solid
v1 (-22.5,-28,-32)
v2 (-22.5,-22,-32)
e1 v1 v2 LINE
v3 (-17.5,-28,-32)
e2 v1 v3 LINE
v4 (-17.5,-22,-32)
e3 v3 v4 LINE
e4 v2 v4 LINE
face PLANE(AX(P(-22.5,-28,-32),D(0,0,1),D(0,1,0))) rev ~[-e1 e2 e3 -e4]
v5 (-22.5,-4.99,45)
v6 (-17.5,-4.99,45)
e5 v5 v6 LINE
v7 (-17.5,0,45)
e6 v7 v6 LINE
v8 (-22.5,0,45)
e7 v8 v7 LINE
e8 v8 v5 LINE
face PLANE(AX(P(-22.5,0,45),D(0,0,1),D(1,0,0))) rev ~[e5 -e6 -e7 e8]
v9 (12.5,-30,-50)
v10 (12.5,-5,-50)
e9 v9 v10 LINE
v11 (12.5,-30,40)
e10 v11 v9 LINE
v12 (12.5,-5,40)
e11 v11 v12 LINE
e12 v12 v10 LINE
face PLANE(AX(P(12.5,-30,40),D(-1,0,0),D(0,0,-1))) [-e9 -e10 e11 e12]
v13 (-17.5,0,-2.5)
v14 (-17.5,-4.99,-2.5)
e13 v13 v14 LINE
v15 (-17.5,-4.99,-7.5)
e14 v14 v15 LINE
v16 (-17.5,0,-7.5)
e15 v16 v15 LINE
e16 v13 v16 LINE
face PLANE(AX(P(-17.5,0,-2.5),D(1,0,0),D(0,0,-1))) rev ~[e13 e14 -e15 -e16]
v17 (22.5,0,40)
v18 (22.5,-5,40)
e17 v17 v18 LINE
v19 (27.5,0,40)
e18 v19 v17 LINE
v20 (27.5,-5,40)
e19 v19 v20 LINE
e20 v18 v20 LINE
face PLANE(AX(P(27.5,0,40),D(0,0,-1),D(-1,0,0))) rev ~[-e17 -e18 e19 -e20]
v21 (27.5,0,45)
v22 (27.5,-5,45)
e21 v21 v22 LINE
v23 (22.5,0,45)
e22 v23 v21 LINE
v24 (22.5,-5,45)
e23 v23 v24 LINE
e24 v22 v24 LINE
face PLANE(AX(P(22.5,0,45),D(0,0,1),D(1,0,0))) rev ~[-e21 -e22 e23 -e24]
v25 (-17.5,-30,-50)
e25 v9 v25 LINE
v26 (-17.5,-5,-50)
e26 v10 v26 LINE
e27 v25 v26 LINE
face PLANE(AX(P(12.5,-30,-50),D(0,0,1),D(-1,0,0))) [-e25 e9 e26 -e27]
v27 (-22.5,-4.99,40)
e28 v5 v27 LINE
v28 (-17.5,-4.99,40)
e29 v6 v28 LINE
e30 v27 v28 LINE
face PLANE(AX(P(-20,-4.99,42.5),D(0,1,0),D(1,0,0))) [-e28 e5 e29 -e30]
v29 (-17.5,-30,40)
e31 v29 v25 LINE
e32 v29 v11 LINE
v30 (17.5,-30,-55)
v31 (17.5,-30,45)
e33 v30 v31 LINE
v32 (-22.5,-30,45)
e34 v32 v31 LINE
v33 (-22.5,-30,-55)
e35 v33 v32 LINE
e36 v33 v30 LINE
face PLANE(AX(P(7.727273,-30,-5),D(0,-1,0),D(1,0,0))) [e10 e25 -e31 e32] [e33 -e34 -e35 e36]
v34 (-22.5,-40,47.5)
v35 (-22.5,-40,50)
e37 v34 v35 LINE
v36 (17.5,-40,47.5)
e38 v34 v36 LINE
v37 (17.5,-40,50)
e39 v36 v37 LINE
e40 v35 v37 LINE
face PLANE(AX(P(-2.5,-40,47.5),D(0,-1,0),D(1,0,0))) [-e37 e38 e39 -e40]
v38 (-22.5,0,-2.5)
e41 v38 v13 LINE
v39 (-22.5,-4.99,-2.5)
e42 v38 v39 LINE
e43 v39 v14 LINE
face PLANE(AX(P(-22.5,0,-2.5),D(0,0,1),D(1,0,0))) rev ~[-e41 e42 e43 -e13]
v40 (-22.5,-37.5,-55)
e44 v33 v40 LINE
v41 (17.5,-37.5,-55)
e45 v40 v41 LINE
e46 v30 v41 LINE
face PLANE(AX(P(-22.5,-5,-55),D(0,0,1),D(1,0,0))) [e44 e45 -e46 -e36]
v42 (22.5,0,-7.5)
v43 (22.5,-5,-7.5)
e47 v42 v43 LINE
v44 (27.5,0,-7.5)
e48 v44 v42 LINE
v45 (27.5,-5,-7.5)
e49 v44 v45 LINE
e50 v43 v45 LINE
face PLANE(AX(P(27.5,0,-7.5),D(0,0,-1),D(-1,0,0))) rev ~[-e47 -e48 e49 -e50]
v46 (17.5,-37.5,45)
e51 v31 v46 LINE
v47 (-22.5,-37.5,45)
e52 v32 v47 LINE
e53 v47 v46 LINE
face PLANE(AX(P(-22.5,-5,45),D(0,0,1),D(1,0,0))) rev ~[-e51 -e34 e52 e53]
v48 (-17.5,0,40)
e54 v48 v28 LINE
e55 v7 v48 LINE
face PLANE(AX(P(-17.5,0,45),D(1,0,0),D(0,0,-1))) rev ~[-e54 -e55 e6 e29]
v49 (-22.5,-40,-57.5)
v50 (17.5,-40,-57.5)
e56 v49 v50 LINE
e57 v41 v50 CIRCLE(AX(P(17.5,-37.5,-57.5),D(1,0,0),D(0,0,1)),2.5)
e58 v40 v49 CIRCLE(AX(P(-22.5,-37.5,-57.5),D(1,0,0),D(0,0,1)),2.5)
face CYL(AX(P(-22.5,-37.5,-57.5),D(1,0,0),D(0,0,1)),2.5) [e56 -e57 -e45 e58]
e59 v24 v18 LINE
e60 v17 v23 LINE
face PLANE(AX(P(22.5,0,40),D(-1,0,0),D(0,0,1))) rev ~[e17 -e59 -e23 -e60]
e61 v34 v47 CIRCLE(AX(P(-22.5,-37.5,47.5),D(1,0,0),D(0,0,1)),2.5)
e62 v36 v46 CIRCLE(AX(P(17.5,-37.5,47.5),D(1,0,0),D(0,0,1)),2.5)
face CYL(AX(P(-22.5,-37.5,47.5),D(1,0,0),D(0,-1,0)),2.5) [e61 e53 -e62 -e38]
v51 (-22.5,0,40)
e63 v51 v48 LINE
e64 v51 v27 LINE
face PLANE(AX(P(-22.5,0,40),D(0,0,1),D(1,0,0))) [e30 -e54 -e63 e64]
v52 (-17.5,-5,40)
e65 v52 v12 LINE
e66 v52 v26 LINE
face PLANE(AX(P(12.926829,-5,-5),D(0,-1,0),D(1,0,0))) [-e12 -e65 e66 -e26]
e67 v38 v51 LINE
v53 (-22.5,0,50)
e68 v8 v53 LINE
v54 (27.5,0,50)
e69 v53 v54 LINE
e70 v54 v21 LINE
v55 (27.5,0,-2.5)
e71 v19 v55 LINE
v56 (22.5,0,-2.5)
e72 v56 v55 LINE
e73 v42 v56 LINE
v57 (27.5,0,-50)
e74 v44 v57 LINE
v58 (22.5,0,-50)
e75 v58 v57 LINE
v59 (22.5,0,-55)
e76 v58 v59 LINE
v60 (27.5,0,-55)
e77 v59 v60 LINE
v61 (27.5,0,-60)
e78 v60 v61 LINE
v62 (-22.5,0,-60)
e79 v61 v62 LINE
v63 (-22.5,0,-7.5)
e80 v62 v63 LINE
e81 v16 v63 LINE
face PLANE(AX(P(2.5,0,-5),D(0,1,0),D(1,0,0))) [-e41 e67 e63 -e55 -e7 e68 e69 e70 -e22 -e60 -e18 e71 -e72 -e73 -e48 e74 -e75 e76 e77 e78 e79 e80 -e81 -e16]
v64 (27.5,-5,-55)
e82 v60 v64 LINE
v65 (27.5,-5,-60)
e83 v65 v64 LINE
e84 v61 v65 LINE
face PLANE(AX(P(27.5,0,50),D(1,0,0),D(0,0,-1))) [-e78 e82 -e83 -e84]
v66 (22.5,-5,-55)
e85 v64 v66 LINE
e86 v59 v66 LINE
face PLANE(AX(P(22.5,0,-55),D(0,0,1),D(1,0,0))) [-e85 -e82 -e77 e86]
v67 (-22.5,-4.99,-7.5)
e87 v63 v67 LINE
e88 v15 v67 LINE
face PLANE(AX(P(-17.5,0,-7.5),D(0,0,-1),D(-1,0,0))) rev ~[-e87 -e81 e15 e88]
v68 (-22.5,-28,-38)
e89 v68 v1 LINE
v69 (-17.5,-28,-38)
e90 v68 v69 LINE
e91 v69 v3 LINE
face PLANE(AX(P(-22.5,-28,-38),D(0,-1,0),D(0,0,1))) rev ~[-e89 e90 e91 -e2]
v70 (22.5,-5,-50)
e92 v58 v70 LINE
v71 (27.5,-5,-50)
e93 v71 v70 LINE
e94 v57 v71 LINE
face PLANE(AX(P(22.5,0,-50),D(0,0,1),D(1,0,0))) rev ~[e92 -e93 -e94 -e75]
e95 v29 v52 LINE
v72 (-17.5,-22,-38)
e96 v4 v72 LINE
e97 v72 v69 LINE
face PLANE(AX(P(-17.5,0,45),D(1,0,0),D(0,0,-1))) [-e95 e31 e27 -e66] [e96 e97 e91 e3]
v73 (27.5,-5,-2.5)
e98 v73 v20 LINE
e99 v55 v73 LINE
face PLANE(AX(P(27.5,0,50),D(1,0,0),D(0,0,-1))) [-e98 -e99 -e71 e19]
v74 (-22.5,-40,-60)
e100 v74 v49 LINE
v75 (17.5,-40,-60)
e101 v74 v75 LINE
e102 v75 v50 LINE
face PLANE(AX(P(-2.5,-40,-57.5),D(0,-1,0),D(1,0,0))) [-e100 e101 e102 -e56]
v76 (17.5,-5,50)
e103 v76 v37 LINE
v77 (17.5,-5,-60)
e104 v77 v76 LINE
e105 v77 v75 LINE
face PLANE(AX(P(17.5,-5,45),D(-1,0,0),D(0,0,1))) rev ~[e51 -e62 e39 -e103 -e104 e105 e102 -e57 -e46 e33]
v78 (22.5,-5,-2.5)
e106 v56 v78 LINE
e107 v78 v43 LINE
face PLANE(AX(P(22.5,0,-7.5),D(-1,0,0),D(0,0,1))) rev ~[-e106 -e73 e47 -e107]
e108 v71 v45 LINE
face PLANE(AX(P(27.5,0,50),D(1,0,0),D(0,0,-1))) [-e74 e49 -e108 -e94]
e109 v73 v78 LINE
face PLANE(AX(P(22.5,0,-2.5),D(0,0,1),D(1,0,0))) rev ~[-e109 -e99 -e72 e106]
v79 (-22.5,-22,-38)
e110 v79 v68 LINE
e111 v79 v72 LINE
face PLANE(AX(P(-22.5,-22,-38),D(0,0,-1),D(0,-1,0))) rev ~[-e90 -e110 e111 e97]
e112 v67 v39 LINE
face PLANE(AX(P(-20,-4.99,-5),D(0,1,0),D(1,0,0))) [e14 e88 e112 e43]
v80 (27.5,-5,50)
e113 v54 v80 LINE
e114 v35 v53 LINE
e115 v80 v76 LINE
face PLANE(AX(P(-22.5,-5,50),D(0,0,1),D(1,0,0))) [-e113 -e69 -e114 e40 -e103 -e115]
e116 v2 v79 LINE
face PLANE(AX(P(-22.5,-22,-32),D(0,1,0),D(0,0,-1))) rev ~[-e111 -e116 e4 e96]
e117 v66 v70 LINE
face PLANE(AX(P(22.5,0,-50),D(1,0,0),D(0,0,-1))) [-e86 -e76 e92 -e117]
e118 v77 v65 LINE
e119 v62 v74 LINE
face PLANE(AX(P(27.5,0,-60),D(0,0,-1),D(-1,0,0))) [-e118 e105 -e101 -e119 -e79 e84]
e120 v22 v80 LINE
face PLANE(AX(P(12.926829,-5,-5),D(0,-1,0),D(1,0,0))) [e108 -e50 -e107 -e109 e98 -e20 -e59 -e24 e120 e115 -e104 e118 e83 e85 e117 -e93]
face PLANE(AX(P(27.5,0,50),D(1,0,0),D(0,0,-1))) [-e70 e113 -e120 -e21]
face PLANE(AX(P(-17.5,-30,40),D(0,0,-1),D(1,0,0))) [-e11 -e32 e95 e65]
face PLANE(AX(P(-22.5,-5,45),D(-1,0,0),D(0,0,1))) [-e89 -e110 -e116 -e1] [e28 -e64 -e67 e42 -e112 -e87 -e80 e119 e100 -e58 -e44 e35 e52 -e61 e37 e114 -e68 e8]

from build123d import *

# Parameters (mm, degrees)
SKETCH2_W           = 50
SKETCH2_H           = 110
SKETCH2_W_2         = 40
SKETCH2_H_2         = 100
BOSS_EXTRUDE1_DEPTH = 30
SKETCH3_W           = 6
SKETCH3_H           = 6
CUT_EXTRUDE1_DEPTH  = 5
SKETCH2_4_W         = 40
SKETCH2_4_H         = 100
BOSS_EXTRUDE2_DEPTH = 5
CUT_EXTRUDE2_DEPTH  = 25
BOSS_EXTRUDE3_DEPTH = 25
SKETCH10_W          = 40
SKETCH10_H          = 5
BOSS_EXTRUDE4_DEPTH = 35
SKETCH11_W          = 5
SKETCH11_H          = 5
CUT_EXTRUDE5_DEPTH  = 6
SKETCH11_4_W        = 5
SKETCH11_4_H        = 5
CUT_EXTRUDE6_DEPTH  = 4.99
FILLET1_R           = 2.5


with BuildPart() as part:
    # Sketch2 → Boss-Extrude1 (new body)
    with BuildSketch(Plane(origin=(0, 0, 0), x_dir=(1, 0, 0), z_dir=(0, 1, 0))):
        with Locations((2.5, 5)):
            Rectangle(SKETCH2_W, SKETCH2_H)
        with Locations((2.5, 5)):
            Rectangle(SKETCH2_W_2, SKETCH2_H_2, mode=Mode.SUBTRACT)
    extrude(amount=-BOSS_EXTRUDE1_DEPTH)

    # Sketch3 → Cut-Extrude1 (cut)
    with BuildSketch(Plane.ZY.offset(22.5)):
        with Locations((-35, -25)):
            Rectangle(SKETCH3_W, SKETCH3_H)
    extrude(amount=-CUT_EXTRUDE1_DEPTH, mode=Mode.SUBTRACT)

    # Sketch2<4> → Boss-Extrude2 (add)
    with BuildSketch(Plane(origin=(0, 0, 0), x_dir=(1, 0, 0), z_dir=(0, 1, 0))):
        with Locations((2.5, 5)):
            Rectangle(SKETCH2_4_W, SKETCH2_4_H)
    extrude(amount=-BOSS_EXTRUDE2_DEPTH)

    # Sketch5 → Cut-Extrude2 (cut)
    with BuildSketch(Plane.XZ.offset(30)):
        Polygon((27.5, 50), (-22.5, 50), (-22.5, 45), (-17.5, 45), (17.5, 45), (22.5, 45), (22.5, -55), (17.5, -55), (-17.5, -55), (-22.5, -55), (-22.5, -60), (27.5, -60), align=None)
    extrude(amount=-CUT_EXTRUDE2_DEPTH, mode=Mode.SUBTRACT)

    # Sketch5<3> → Boss-Extrude3 (add)
    with BuildSketch(Plane.XZ.offset(30)):
        Polygon((17.5, 45), (-17.5, 45), (-17.5, 40), (12.5, 40), (12.5, -50), (-17.5, -50), (-17.5, -55), (17.5, -55), align=None)
    extrude(amount=-BOSS_EXTRUDE3_DEPTH)

    # Sketch10 → Boss-Extrude4 (add)
    with BuildSketch(Plane.XZ.offset(5)):
        with Locations((-2.5, 47.5)):
            Rectangle(SKETCH10_W, SKETCH10_H)
        with Locations((-2.5, -57.5)):
            Rectangle(SKETCH10_W, SKETCH10_H)
    extrude(amount=BOSS_EXTRUDE4_DEPTH)

    # Sketch11 → Cut-Extrude5 (cut)
    with BuildSketch(Plane(origin=(0, 0, 0), x_dir=(1, 0, 0), z_dir=(0, 1, 0))):
        with Locations((25, 52.5)):
            Rectangle(SKETCH11_W, SKETCH11_H)
        with Locations((25, 5)):
            Rectangle(SKETCH11_W, SKETCH11_H)
        with Locations((25, -42.5)):
            Rectangle(SKETCH11_W, SKETCH11_H)
    extrude(amount=-CUT_EXTRUDE5_DEPTH, mode=Mode.SUBTRACT)

    # Sketch11<4> → Cut-Extrude6 (cut)
    with BuildSketch(Plane(origin=(0, 0, 0), x_dir=(1, 0, 0), z_dir=(0, 1, 0))):
        with Locations((-20, 5)):
            Rectangle(SKETCH11_4_W, SKETCH11_4_H)
        with Locations((-20, -42.5)):
            Rectangle(SKETCH11_4_W, SKETCH11_4_H)
    extrude(amount=-CUT_EXTRUDE6_DEPTH, mode=Mode.SUBTRACT)

    # Fillet1
    fillet1_edges = [part.edges().sort_by_distance(p)[0] for p in [
        (-2.5, -40, -55),
        (-2.5, -40, 45),
    ]]
    fillet(fillet1_edges, radius=FILLET1_R)


solid = part.part
